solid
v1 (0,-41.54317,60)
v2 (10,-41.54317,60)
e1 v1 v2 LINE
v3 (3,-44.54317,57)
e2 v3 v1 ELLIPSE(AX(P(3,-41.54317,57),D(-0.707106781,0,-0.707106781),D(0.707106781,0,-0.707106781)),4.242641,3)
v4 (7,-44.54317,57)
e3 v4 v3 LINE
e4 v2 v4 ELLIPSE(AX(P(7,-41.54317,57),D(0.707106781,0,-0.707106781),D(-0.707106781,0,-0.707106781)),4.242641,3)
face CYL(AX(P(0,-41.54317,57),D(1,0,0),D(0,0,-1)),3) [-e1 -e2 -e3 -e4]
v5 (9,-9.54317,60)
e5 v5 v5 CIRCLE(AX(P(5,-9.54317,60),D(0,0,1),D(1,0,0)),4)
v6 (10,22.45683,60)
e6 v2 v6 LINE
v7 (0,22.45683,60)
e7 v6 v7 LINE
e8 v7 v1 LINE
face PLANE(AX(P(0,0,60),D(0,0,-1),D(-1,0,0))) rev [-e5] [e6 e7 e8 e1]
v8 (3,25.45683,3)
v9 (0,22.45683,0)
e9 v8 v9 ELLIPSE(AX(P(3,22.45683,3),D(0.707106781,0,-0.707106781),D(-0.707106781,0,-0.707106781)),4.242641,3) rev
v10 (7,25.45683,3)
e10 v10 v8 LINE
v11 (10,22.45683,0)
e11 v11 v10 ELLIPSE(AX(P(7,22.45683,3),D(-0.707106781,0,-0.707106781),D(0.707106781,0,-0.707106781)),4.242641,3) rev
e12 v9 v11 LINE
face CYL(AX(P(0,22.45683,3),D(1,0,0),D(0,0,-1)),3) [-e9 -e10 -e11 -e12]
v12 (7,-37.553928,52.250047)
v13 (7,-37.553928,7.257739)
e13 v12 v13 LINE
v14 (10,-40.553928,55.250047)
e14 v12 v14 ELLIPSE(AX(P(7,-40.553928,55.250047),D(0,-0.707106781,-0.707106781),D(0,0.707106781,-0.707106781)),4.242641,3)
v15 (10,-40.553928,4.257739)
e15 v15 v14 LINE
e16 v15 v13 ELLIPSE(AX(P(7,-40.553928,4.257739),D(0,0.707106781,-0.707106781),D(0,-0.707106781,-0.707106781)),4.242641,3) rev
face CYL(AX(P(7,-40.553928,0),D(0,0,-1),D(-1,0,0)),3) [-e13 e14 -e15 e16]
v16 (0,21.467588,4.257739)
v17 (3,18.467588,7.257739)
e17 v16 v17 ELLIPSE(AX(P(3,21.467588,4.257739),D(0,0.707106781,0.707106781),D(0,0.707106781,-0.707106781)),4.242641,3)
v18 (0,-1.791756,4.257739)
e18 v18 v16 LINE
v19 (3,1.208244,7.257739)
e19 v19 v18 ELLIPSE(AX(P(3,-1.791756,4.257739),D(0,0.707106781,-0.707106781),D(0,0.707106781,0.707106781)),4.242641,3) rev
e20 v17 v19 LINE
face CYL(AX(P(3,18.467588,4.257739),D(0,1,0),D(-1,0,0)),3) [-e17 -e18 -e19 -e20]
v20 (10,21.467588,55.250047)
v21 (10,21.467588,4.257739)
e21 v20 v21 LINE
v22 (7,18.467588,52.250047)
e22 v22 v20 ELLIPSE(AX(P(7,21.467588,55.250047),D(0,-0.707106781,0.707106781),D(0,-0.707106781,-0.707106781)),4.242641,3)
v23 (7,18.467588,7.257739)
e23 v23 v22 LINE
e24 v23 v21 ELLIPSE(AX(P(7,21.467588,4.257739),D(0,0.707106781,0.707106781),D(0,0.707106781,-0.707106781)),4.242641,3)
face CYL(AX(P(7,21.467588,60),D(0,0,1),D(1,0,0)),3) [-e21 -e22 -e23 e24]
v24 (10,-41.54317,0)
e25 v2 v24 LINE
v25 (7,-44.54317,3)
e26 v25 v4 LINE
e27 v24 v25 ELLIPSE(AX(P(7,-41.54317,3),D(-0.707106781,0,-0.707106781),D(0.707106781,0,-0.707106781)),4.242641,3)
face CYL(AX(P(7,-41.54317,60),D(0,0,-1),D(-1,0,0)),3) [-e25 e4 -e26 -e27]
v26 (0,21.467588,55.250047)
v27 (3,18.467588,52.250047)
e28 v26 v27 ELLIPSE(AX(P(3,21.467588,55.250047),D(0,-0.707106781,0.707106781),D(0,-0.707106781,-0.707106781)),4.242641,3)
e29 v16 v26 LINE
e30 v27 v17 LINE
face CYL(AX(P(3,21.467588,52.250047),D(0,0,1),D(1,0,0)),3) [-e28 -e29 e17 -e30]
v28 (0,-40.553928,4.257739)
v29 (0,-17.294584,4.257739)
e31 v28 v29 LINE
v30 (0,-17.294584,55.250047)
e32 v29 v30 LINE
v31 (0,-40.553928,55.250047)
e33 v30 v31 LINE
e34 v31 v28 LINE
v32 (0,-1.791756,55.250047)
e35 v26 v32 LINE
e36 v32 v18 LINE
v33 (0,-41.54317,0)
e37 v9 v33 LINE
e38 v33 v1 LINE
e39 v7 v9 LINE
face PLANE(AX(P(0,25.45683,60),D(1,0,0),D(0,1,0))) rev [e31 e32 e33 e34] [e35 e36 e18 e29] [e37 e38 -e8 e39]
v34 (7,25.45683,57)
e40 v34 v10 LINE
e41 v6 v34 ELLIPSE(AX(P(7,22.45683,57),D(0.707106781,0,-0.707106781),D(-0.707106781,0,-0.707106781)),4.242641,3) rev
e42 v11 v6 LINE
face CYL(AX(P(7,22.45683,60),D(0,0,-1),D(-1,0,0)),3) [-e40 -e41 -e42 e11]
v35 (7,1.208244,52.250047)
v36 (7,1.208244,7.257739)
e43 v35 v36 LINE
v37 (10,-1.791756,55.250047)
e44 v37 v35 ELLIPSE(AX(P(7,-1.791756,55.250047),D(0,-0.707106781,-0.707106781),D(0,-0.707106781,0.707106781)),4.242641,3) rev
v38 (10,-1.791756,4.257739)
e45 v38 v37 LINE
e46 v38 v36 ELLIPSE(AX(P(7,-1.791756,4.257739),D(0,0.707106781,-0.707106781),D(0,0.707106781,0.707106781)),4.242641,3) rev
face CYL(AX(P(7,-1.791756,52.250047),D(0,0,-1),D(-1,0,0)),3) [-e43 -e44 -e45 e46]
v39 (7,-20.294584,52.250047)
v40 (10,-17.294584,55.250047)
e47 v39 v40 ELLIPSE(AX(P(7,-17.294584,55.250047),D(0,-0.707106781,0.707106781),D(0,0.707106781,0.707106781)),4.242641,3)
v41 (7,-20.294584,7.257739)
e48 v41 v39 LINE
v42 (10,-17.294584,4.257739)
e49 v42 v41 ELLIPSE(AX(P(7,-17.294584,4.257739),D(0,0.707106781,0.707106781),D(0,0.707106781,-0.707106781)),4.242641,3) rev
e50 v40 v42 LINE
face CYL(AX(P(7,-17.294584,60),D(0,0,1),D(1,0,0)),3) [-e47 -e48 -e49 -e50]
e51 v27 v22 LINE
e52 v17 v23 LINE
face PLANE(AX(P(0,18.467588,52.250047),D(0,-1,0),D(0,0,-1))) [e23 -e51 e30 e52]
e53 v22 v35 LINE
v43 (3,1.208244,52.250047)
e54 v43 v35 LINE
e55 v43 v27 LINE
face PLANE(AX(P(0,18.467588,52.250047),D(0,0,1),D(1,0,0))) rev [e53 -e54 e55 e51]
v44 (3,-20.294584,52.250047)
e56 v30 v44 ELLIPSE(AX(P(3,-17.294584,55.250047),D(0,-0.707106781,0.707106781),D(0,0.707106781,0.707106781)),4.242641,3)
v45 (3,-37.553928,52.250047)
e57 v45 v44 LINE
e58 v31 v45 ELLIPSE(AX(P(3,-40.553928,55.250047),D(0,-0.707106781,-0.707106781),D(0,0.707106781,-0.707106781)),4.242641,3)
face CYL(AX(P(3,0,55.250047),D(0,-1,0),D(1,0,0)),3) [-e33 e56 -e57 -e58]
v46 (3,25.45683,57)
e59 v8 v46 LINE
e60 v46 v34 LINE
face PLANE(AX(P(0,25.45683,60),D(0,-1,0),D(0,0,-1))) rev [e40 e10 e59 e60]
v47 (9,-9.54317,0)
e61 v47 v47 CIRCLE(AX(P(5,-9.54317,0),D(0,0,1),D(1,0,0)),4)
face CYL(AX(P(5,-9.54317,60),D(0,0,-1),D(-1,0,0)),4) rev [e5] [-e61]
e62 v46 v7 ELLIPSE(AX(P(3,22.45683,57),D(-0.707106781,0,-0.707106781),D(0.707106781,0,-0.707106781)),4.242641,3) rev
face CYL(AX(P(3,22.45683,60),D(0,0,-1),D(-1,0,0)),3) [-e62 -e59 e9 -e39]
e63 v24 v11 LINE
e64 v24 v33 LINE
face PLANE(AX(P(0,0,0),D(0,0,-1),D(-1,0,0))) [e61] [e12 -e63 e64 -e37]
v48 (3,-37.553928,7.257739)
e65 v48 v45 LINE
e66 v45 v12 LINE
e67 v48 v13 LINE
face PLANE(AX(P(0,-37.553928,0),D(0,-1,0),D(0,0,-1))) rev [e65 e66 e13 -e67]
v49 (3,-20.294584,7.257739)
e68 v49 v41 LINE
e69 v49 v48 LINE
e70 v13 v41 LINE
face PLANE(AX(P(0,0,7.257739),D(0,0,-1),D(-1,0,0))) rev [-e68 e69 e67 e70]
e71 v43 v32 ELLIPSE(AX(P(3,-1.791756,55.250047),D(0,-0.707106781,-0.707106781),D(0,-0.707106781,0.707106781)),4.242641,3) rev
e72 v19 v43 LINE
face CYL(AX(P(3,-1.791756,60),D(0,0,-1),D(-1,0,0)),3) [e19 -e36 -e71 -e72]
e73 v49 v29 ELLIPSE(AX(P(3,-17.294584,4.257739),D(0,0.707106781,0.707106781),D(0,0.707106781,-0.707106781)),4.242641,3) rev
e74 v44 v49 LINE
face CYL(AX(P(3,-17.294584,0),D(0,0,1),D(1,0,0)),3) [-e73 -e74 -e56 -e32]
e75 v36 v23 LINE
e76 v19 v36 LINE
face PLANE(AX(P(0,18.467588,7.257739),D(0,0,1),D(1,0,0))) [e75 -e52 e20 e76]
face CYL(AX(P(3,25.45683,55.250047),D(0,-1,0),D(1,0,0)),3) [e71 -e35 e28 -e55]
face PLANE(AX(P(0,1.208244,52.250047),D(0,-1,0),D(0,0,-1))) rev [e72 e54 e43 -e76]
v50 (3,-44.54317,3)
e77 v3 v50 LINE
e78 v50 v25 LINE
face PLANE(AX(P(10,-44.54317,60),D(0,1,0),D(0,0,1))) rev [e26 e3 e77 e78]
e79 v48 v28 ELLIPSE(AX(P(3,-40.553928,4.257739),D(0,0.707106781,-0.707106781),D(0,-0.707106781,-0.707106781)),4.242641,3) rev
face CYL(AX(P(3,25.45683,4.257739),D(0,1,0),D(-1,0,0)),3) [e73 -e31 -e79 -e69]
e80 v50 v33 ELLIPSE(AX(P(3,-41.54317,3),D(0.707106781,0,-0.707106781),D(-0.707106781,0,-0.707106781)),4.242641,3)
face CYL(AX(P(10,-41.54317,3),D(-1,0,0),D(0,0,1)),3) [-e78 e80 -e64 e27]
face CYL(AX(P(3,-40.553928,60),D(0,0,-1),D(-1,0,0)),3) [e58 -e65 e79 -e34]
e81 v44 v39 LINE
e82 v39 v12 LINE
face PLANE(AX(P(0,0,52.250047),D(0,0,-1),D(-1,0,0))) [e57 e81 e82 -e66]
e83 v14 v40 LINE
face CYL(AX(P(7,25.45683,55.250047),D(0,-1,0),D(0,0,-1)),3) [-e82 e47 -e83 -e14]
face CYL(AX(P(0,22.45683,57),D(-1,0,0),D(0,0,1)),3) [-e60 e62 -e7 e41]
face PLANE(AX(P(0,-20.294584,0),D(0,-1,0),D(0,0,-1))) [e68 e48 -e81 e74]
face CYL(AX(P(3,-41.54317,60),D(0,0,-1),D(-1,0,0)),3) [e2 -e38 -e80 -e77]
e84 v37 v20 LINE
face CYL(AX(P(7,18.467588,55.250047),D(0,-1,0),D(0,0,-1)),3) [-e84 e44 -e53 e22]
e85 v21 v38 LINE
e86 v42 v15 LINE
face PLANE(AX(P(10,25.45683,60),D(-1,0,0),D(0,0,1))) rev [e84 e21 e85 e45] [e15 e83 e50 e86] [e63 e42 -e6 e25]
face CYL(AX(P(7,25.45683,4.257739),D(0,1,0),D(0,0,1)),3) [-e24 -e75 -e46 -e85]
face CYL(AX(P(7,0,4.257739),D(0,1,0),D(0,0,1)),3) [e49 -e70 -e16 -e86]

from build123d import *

# Parameters (mm, degrees)
SKETCH_1_W          = 10
SKETCH_1_H          = 70
SKETCH_1_R          = 4
EXTRUDE_1_DEPTH     = 60
SKETCH_2_W          = 44.992308415
SKETCH_2_H          = 17.259344539
CUT_EXTRUDE_1_DEPTH = 76.392930627
FILLET_1_R          = 3


with BuildPart() as part:
    # 草图1 → 凸台-拉伸1 (new body)
    with BuildSketch(Plane.XY):
        with Locations((5, -9.543169943)):
            Rectangle(SKETCH_1_W, SKETCH_1_H)
        with Locations((5, -9.543169943)):
            Circle(SKETCH_1_R, mode=Mode.SUBTRACT)
    extrude(amount=EXTRUDE_1_DEPTH)

    # 草图2 → 切除-拉伸1 (cut, through all)
    with BuildSketch(Plane(origin=(10, 0, 0), x_dir=(0, 0, -1), z_dir=(1, 0, 0))):
        with Locations((-29.753893106, -28.924255962)):
            Rectangle(SKETCH_2_W, SKETCH_2_H)
        with Locations((-29.753893106, 9.837916076)):
            Rectangle(SKETCH_2_W, SKETCH_2_H)
    extrude(amount=-CUT_EXTRUDE_1_DEPTH, mode=Mode.SUBTRACT)

    # 圆角1
    fillet_1_edges = [part.edges().sort_by_distance(p)[0] for p in [
        (5, -44.543169943, 60),
        (10, -28.924255962, 52.250047313),
        (10, -20.294583692, 29.753893106),
        (0, -28.924255962, 7.257738898),
        (0, -37.553928231, 29.753893106),
        (0, -28.924255962, 52.250047313),
        (0, -20.294583692, 29.753893106),
        (10, -37.553928231, 29.753893106),
        (10, -28.924255962, 7.257738898),
        (10, 18.467588345, 29.753893106),
        (10, 9.837916075, 7.257738898),
        (0, 1.208243806, 29.753893106),
        (0, 9.837916075, 52.250047313),
        (0, 18.467588345, 29.753893106),
        (0, 9.837916075, 7.257738898),
        (10, 9.837916075, 52.250047313),
        (10, 1.208243806, 29.753893106),
        (5, 25.456830057, 60),
        (5, -44.543169943, 0),
        (5, 25.456830057, 0),
        (10, 25.456830057, 30),
        (10, -44.543169943, 30),
        (0, -44.543169943, 30),
        (0, 25.456830057, 30),
    ]]
    fillet(fillet_1_edges, radius=FILLET_1_R)


solid = part.part
